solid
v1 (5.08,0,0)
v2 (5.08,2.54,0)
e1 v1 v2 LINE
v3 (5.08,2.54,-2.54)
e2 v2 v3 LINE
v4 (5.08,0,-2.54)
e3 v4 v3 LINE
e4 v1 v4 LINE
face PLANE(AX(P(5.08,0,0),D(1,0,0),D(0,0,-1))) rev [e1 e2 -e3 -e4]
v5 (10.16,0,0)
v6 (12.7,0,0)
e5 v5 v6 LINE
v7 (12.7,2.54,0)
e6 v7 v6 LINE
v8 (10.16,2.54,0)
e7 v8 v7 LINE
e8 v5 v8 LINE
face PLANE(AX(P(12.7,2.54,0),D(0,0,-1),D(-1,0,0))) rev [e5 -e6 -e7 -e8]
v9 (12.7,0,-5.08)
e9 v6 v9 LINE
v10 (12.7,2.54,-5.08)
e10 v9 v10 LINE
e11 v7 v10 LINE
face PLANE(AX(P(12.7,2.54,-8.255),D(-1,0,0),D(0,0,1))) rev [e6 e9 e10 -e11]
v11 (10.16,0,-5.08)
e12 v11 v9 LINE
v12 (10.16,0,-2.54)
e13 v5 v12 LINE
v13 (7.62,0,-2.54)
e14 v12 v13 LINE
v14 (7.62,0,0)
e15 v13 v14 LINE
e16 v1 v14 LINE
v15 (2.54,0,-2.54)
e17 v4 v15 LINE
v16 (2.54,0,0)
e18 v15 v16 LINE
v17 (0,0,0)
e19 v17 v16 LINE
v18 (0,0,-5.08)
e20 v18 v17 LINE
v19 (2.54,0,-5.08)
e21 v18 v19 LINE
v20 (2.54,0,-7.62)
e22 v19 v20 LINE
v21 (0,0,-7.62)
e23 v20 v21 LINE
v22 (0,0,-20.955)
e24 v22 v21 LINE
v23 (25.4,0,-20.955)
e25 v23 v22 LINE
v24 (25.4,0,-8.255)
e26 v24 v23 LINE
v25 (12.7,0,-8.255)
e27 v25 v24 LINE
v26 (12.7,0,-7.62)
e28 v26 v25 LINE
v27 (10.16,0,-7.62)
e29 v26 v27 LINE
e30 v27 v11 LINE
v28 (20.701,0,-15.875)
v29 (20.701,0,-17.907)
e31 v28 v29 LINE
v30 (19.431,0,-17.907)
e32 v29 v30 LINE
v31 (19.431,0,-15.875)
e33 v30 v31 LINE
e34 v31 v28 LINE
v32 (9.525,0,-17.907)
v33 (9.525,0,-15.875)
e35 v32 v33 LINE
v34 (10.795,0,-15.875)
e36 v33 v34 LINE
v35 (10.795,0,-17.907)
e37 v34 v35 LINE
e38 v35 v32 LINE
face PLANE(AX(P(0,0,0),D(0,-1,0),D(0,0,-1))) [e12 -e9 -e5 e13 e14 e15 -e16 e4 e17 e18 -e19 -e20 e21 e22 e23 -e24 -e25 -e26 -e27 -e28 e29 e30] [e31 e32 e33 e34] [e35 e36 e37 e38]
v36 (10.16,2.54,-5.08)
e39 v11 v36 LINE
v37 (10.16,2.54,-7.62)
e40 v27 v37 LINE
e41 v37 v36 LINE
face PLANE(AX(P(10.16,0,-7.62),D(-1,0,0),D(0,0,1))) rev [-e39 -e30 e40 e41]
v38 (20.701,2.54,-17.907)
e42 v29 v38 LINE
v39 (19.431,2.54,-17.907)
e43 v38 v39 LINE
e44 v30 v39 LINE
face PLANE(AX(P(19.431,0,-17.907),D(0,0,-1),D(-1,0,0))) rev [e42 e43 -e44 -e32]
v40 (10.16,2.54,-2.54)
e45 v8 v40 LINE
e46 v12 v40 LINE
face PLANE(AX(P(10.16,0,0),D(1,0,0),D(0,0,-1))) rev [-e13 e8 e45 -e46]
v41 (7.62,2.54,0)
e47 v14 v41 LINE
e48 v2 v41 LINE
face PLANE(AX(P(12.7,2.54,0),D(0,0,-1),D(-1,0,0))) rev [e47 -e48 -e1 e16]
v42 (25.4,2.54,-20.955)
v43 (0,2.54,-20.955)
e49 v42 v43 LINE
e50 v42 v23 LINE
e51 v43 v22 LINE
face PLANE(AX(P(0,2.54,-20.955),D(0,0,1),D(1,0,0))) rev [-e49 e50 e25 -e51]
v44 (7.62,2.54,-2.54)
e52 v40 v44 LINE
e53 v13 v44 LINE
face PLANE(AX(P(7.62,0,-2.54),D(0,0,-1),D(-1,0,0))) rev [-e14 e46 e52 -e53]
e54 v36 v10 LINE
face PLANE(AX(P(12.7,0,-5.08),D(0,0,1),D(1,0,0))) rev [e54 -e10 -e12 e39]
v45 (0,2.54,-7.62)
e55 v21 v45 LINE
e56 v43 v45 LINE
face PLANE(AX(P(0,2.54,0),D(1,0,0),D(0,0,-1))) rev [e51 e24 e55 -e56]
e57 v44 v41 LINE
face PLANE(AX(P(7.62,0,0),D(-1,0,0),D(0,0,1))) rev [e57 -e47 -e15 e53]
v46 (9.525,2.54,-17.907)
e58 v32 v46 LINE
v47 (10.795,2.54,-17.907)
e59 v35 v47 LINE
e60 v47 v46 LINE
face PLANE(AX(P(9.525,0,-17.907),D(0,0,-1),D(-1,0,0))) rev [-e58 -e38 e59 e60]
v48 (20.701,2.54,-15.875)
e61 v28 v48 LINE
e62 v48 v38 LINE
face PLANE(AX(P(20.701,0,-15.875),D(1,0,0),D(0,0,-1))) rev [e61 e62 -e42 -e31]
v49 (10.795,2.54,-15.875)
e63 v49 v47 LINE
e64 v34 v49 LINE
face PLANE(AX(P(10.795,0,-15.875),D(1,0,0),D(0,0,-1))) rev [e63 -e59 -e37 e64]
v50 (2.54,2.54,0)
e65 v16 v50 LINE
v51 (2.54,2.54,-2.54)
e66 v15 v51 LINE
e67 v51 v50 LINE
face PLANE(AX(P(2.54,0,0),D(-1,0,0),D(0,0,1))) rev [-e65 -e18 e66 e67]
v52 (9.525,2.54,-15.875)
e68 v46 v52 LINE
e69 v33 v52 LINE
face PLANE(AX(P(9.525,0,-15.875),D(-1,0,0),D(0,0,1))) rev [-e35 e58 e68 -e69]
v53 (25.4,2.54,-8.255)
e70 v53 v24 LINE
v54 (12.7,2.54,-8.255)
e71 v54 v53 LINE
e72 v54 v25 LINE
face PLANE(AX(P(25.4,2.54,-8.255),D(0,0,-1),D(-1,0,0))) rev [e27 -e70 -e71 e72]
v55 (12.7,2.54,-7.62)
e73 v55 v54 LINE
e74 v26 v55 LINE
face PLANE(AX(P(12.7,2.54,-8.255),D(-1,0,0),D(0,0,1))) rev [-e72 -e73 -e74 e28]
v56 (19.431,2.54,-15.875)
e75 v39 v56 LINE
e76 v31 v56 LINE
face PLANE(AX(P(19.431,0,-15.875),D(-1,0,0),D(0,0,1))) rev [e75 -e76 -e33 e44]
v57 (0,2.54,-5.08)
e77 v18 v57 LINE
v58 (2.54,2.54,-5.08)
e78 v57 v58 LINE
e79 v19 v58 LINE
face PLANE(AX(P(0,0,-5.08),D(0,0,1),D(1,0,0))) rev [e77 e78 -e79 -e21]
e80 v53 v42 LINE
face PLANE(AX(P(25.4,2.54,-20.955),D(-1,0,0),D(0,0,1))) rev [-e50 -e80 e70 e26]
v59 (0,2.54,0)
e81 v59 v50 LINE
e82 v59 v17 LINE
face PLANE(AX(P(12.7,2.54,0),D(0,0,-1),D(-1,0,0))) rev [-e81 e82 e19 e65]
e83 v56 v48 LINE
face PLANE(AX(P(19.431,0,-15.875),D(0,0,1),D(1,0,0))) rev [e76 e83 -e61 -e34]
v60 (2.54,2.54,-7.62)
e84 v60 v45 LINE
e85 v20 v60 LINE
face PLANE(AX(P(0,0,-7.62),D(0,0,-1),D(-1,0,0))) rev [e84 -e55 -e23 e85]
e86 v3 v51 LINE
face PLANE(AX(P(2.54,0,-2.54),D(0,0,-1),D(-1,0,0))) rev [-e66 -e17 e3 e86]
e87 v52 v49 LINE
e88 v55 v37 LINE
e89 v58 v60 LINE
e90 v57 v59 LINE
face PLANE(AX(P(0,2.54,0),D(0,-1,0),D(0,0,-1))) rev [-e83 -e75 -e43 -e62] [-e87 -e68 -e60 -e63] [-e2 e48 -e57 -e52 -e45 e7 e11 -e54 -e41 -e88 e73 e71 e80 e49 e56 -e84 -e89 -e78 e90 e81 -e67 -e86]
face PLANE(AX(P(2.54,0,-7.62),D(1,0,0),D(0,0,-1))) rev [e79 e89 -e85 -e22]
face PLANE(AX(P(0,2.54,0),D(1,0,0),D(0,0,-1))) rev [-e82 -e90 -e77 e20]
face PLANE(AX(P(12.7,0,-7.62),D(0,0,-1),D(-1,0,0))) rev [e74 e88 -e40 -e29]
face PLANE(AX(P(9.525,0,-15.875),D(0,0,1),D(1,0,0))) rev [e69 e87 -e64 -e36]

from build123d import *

# Parameters (mm, degrees)
BOSS_EXTRUDE1_DEPTH = 2.54
SKETCH2_W           = 2.54
SKETCH2_H           = 2.54
CUT_EXTRUDE1_DEPTH  = 34.026105205
SKETCH3_W           = 1.27
SKETCH3_H           = 2.032
CUT_EXTRUDE2_DEPTH  = 34.026105205
SKETCH4_W           = 2.54
SKETCH4_H           = 2.54
CUT_EXTRUDE3_DEPTH  = 34.026105205


with BuildPart() as part:
    # Sketch1 → Boss-Extrude1 (new body)
    with BuildSketch(Plane(origin=(0, 0, 0), x_dir=(1, 0, 0), z_dir=(0, 1, 0))):
        Polygon((0, 0), (0, 20.955), (25.4, 20.955), (25.4, 8.255), (12.7, 8.255), (12.7, 0), align=None)
    extrude(amount=BOSS_EXTRUDE1_DEPTH)

    # Sketch2 → Cut-Extrude1 (cut, through all)
    with BuildSketch(Plane(origin=(0, 2.54, 0), x_dir=(1, 0, 0), z_dir=(0, 1, 0))):
        with Locations((3.81, 1.27)):
            Rectangle(SKETCH2_W, SKETCH2_H)
        with Locations((8.89, 1.27)):
            Rectangle(SKETCH2_W, SKETCH2_H)
    extrude(amount=-CUT_EXTRUDE1_DEPTH, mode=Mode.SUBTRACT)

    # Sketch3 → Cut-Extrude2 (cut, through all)
    with BuildSketch(Plane(origin=(0, 2.54, 0), x_dir=(1, 0, 0), z_dir=(0, 1, 0))):
        with Locations((10.16, 16.891)):
            Rectangle(SKETCH3_W, SKETCH3_H)
        with Locations((20.066, 16.891)):
            Rectangle(SKETCH3_W, SKETCH3_H)
    extrude(amount=-CUT_EXTRUDE2_DEPTH, mode=Mode.SUBTRACT)

    # Sketch4 → Cut-Extrude3 (cut, through all)
    with BuildSketch(Plane(origin=(0, 2.54, 0), x_dir=(1, 0, 0), z_dir=(0, 1, 0))):
        with Locations((1.27, 6.35)):
            Rectangle(SKETCH4_W, SKETCH4_H)
        with Locations((11.43, 6.35)):
            Rectangle(SKETCH4_W, SKETCH4_H)
    extrude(amount=-CUT_EXTRUDE3_DEPTH, mode=Mode.SUBTRACT)


solid = part.part
